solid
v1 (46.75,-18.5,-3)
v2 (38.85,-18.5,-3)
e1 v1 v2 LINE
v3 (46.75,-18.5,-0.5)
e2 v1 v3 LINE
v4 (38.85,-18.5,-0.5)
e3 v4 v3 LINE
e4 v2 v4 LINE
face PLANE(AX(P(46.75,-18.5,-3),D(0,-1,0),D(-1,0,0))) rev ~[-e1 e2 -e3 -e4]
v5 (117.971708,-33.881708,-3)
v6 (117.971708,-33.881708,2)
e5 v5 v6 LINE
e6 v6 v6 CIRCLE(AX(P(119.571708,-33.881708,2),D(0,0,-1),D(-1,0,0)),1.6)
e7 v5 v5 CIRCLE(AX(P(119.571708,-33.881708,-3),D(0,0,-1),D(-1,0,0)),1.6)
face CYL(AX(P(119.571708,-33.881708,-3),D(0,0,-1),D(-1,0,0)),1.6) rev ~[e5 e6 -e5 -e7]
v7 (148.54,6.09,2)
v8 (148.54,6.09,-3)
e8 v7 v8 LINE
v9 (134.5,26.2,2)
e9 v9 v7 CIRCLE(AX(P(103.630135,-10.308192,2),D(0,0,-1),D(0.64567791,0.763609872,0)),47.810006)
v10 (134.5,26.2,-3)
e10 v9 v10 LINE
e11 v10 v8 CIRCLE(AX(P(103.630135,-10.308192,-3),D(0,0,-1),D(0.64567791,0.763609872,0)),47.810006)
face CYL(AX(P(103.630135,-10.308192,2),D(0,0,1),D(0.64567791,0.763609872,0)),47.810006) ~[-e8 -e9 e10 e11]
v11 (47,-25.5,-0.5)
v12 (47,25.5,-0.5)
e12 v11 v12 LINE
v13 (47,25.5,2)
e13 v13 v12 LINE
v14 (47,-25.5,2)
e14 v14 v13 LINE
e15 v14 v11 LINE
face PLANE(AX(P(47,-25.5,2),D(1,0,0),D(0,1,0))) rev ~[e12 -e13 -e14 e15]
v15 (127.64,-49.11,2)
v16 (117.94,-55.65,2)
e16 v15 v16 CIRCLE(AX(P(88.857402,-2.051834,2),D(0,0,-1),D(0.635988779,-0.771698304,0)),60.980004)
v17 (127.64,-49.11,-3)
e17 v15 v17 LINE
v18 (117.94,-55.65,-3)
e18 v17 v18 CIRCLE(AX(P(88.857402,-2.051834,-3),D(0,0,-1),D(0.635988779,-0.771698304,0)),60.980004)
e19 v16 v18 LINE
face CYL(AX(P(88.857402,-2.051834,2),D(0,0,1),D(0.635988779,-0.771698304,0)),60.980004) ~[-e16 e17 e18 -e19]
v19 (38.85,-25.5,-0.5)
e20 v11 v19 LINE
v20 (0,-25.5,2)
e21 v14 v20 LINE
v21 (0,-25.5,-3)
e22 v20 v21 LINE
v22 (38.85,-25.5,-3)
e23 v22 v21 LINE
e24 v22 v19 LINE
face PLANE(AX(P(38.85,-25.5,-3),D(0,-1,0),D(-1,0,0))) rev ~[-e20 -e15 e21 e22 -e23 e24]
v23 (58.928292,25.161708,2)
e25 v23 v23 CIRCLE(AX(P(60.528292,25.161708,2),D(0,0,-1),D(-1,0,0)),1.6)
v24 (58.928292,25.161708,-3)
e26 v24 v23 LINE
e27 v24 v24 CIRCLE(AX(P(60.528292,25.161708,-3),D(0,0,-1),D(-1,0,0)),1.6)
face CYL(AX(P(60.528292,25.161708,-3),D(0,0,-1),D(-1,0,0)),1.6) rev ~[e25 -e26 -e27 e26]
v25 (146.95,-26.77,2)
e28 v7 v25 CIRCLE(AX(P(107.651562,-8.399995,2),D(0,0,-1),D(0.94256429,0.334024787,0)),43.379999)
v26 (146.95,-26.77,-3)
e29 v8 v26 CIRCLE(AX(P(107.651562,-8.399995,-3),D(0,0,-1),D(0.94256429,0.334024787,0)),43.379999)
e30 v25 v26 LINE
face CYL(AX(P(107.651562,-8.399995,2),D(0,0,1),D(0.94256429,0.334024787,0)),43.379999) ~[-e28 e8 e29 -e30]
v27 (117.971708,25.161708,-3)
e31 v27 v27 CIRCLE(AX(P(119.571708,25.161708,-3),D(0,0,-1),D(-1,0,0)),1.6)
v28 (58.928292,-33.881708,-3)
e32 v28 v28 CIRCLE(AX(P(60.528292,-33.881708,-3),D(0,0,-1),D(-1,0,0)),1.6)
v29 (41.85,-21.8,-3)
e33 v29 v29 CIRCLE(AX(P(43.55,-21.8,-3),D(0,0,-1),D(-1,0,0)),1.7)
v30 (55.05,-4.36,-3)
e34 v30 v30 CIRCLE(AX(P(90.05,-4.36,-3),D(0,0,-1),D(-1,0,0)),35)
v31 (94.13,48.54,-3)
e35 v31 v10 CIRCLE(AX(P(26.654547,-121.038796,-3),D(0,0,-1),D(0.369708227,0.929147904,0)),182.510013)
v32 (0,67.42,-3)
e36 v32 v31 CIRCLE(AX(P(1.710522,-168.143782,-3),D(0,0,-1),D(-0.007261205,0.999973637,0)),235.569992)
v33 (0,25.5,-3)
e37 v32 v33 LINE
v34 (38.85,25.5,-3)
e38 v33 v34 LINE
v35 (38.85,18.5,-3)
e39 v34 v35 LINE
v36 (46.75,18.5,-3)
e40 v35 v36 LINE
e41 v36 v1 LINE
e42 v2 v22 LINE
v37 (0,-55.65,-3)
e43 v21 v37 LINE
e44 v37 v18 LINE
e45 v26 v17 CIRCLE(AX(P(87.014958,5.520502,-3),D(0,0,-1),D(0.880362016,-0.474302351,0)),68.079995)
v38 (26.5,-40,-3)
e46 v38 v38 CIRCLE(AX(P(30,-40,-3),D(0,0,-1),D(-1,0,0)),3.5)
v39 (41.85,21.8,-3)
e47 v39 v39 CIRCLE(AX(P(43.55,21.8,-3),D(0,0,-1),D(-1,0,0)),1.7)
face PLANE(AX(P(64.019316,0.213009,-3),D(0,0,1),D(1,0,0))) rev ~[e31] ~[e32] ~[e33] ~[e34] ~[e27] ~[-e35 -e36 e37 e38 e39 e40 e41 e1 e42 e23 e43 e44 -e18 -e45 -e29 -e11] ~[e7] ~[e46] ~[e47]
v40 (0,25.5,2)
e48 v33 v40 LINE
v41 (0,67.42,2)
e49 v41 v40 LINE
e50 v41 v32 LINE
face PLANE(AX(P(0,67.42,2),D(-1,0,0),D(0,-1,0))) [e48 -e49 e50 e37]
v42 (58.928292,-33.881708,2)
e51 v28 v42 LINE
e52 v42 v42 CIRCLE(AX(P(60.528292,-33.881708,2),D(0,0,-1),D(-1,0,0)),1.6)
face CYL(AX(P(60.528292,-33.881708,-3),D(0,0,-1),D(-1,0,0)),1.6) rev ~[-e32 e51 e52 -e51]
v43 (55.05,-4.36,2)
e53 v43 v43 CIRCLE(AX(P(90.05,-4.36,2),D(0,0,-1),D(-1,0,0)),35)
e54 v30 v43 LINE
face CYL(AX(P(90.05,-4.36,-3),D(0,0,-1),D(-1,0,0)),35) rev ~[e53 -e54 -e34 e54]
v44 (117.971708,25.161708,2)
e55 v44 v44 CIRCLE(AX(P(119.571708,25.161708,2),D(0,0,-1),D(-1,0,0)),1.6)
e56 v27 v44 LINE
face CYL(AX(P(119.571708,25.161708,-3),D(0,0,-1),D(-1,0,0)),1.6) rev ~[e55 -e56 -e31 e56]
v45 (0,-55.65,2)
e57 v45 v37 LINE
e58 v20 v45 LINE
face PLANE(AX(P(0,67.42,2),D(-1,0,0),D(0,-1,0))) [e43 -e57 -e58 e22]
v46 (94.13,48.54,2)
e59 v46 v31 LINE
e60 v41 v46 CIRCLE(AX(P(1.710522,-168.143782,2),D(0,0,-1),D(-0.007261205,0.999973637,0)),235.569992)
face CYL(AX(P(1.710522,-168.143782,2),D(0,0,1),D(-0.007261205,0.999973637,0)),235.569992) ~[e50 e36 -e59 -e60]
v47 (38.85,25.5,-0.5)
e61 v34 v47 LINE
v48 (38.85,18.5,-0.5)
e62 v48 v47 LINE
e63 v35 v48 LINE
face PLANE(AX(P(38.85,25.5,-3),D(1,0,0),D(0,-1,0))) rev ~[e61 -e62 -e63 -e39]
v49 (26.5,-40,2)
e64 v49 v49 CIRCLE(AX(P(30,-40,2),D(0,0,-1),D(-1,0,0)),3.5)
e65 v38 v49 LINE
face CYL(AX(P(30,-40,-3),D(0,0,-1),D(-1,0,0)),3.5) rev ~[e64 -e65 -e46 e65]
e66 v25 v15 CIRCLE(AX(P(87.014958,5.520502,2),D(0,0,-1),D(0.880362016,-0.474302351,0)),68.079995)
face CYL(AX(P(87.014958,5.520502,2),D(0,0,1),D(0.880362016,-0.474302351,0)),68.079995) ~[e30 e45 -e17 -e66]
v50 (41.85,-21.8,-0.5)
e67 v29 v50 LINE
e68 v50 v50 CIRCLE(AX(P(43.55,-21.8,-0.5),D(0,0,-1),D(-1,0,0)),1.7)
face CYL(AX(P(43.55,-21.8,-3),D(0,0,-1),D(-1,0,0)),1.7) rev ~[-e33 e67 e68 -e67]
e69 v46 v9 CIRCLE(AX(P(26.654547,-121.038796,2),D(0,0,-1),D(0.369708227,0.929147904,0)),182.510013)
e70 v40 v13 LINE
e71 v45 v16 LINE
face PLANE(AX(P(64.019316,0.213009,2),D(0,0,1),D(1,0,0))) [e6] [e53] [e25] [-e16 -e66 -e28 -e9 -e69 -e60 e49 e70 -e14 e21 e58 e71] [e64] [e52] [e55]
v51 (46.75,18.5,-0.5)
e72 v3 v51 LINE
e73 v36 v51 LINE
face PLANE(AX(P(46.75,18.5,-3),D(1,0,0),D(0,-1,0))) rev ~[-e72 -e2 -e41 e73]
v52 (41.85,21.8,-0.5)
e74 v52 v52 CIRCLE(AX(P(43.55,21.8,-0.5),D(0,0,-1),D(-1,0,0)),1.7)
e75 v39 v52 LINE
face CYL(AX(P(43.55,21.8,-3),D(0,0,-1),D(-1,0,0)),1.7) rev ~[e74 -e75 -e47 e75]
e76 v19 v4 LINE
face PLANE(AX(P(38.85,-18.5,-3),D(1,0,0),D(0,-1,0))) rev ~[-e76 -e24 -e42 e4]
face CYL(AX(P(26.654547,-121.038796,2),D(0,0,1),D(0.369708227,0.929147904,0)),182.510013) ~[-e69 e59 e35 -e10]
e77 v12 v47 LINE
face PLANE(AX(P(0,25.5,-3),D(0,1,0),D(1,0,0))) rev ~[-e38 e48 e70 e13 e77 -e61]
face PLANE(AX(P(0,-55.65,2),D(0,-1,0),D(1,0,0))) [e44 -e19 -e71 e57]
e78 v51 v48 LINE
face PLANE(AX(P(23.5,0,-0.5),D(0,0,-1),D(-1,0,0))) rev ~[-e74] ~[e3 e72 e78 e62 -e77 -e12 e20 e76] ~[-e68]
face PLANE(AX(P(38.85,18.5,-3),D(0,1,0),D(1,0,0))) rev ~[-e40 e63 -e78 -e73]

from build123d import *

# Parameters (mm, degrees)
PAD002_DEPTH            = 5
SKETCH015_R             = 35
SKETCH015_R_2           = 1.6
POCKET005_DEPTH         = 5.001
SKETCH013_R             = 3.5
SKETCH013_R_2           = 1.7
POCKET004_DEPTH         = 5.001
SKETCH025_W             = 47
SKETCH025_H             = 51
POCKET027_DEPTH         = 2.5
BODY002_PLACEMENT_ANGLE = 180


with BuildPart() as part:
    # Sketch014 → Pad002 (new body)
    with BuildSketch(Plane.XY):
        with BuildLine():
            Line((0, 67.42), (0, -55.65))
            Line((0, -55.65), (-117.94, -55.65))
            ThreePointArc((-127.64, -49.11), (-122.947197, -52.613151), (-117.94, -55.65))
            ThreePointArc((-146.95, -26.77), (-138.520798, -38.999541), (-127.64, -49.11))
            ThreePointArc((-148.54, 6.09), (-150.980867, -10.496574), (-146.95, -26.77))
            ThreePointArc((-134.5, 26.2), (-142.831473, 17.060618), (-148.54, 6.09))
            ThreePointArc((-94.13, 48.54), (-115.023795, 38.650843), (-134.5, 26.2))
            ThreePointArc((0, 67.42), (-48.036997, 62.826084), (-94.13, 48.54))
        make_face()
    extrude(amount=PAD002_DEPTH)

    # Sketch015 (on Face10 of Pad002) → Pocket005 (cut, through all)
    with BuildSketch(Plane.XY.offset(5)):
        with Locations((-90.05, -4.36)):
            Circle(SKETCH015_R)
        with Locations((-119.571708, 25.161708)):
            Circle(SKETCH015_R_2)
        with Locations((-60.528292, 25.161708)):
            Circle(SKETCH015_R_2)
        with Locations((-60.528292, -33.881708)):
            Circle(SKETCH015_R_2)
        with Locations((-119.571708, -33.881708)):
            Circle(SKETCH015_R_2)
    extrude(amount=-POCKET005_DEPTH, mode=Mode.SUBTRACT)

    # Sketch013 (on Face5 of Pocket005) → Pocket004 (cut, through all)
    with BuildSketch(Plane.XY.offset(5)):
        with Locations((-30, -40)):
            Circle(SKETCH013_R)
        with Locations((-43.55, 21.8)):
            Circle(SKETCH013_R_2)
        with Locations((-43.55, -21.8)):
            Circle(SKETCH013_R_2)
        Polygon((0, 25.5), (-38.85, 25.5), (-38.85, 18.5), (-46.75, 18.5), (-46.75, -18.5), (-38.85, -18.5), (-38.85, -25.5), (0, -25.5), align=None)
    extrude(amount=-POCKET004_DEPTH, mode=Mode.SUBTRACT)

    # Sketch025 → Pocket027 (cut)
    with BuildSketch(Plane.XY):
        with Locations((-23.5, 0)):
            Rectangle(SKETCH025_W, SKETCH025_H)
    extrude(amount=POCKET027_DEPTH, mode=Mode.SUBTRACT)


with BuildPart() as part_1:
    # Body002 placement: moved
    add(part.part.moved(Location((0, 0, 2))).rotate(Axis((0, 0, 2), (0, 1, 0)), BODY002_PLACEMENT_ANGLE))


solid = part_1.part
